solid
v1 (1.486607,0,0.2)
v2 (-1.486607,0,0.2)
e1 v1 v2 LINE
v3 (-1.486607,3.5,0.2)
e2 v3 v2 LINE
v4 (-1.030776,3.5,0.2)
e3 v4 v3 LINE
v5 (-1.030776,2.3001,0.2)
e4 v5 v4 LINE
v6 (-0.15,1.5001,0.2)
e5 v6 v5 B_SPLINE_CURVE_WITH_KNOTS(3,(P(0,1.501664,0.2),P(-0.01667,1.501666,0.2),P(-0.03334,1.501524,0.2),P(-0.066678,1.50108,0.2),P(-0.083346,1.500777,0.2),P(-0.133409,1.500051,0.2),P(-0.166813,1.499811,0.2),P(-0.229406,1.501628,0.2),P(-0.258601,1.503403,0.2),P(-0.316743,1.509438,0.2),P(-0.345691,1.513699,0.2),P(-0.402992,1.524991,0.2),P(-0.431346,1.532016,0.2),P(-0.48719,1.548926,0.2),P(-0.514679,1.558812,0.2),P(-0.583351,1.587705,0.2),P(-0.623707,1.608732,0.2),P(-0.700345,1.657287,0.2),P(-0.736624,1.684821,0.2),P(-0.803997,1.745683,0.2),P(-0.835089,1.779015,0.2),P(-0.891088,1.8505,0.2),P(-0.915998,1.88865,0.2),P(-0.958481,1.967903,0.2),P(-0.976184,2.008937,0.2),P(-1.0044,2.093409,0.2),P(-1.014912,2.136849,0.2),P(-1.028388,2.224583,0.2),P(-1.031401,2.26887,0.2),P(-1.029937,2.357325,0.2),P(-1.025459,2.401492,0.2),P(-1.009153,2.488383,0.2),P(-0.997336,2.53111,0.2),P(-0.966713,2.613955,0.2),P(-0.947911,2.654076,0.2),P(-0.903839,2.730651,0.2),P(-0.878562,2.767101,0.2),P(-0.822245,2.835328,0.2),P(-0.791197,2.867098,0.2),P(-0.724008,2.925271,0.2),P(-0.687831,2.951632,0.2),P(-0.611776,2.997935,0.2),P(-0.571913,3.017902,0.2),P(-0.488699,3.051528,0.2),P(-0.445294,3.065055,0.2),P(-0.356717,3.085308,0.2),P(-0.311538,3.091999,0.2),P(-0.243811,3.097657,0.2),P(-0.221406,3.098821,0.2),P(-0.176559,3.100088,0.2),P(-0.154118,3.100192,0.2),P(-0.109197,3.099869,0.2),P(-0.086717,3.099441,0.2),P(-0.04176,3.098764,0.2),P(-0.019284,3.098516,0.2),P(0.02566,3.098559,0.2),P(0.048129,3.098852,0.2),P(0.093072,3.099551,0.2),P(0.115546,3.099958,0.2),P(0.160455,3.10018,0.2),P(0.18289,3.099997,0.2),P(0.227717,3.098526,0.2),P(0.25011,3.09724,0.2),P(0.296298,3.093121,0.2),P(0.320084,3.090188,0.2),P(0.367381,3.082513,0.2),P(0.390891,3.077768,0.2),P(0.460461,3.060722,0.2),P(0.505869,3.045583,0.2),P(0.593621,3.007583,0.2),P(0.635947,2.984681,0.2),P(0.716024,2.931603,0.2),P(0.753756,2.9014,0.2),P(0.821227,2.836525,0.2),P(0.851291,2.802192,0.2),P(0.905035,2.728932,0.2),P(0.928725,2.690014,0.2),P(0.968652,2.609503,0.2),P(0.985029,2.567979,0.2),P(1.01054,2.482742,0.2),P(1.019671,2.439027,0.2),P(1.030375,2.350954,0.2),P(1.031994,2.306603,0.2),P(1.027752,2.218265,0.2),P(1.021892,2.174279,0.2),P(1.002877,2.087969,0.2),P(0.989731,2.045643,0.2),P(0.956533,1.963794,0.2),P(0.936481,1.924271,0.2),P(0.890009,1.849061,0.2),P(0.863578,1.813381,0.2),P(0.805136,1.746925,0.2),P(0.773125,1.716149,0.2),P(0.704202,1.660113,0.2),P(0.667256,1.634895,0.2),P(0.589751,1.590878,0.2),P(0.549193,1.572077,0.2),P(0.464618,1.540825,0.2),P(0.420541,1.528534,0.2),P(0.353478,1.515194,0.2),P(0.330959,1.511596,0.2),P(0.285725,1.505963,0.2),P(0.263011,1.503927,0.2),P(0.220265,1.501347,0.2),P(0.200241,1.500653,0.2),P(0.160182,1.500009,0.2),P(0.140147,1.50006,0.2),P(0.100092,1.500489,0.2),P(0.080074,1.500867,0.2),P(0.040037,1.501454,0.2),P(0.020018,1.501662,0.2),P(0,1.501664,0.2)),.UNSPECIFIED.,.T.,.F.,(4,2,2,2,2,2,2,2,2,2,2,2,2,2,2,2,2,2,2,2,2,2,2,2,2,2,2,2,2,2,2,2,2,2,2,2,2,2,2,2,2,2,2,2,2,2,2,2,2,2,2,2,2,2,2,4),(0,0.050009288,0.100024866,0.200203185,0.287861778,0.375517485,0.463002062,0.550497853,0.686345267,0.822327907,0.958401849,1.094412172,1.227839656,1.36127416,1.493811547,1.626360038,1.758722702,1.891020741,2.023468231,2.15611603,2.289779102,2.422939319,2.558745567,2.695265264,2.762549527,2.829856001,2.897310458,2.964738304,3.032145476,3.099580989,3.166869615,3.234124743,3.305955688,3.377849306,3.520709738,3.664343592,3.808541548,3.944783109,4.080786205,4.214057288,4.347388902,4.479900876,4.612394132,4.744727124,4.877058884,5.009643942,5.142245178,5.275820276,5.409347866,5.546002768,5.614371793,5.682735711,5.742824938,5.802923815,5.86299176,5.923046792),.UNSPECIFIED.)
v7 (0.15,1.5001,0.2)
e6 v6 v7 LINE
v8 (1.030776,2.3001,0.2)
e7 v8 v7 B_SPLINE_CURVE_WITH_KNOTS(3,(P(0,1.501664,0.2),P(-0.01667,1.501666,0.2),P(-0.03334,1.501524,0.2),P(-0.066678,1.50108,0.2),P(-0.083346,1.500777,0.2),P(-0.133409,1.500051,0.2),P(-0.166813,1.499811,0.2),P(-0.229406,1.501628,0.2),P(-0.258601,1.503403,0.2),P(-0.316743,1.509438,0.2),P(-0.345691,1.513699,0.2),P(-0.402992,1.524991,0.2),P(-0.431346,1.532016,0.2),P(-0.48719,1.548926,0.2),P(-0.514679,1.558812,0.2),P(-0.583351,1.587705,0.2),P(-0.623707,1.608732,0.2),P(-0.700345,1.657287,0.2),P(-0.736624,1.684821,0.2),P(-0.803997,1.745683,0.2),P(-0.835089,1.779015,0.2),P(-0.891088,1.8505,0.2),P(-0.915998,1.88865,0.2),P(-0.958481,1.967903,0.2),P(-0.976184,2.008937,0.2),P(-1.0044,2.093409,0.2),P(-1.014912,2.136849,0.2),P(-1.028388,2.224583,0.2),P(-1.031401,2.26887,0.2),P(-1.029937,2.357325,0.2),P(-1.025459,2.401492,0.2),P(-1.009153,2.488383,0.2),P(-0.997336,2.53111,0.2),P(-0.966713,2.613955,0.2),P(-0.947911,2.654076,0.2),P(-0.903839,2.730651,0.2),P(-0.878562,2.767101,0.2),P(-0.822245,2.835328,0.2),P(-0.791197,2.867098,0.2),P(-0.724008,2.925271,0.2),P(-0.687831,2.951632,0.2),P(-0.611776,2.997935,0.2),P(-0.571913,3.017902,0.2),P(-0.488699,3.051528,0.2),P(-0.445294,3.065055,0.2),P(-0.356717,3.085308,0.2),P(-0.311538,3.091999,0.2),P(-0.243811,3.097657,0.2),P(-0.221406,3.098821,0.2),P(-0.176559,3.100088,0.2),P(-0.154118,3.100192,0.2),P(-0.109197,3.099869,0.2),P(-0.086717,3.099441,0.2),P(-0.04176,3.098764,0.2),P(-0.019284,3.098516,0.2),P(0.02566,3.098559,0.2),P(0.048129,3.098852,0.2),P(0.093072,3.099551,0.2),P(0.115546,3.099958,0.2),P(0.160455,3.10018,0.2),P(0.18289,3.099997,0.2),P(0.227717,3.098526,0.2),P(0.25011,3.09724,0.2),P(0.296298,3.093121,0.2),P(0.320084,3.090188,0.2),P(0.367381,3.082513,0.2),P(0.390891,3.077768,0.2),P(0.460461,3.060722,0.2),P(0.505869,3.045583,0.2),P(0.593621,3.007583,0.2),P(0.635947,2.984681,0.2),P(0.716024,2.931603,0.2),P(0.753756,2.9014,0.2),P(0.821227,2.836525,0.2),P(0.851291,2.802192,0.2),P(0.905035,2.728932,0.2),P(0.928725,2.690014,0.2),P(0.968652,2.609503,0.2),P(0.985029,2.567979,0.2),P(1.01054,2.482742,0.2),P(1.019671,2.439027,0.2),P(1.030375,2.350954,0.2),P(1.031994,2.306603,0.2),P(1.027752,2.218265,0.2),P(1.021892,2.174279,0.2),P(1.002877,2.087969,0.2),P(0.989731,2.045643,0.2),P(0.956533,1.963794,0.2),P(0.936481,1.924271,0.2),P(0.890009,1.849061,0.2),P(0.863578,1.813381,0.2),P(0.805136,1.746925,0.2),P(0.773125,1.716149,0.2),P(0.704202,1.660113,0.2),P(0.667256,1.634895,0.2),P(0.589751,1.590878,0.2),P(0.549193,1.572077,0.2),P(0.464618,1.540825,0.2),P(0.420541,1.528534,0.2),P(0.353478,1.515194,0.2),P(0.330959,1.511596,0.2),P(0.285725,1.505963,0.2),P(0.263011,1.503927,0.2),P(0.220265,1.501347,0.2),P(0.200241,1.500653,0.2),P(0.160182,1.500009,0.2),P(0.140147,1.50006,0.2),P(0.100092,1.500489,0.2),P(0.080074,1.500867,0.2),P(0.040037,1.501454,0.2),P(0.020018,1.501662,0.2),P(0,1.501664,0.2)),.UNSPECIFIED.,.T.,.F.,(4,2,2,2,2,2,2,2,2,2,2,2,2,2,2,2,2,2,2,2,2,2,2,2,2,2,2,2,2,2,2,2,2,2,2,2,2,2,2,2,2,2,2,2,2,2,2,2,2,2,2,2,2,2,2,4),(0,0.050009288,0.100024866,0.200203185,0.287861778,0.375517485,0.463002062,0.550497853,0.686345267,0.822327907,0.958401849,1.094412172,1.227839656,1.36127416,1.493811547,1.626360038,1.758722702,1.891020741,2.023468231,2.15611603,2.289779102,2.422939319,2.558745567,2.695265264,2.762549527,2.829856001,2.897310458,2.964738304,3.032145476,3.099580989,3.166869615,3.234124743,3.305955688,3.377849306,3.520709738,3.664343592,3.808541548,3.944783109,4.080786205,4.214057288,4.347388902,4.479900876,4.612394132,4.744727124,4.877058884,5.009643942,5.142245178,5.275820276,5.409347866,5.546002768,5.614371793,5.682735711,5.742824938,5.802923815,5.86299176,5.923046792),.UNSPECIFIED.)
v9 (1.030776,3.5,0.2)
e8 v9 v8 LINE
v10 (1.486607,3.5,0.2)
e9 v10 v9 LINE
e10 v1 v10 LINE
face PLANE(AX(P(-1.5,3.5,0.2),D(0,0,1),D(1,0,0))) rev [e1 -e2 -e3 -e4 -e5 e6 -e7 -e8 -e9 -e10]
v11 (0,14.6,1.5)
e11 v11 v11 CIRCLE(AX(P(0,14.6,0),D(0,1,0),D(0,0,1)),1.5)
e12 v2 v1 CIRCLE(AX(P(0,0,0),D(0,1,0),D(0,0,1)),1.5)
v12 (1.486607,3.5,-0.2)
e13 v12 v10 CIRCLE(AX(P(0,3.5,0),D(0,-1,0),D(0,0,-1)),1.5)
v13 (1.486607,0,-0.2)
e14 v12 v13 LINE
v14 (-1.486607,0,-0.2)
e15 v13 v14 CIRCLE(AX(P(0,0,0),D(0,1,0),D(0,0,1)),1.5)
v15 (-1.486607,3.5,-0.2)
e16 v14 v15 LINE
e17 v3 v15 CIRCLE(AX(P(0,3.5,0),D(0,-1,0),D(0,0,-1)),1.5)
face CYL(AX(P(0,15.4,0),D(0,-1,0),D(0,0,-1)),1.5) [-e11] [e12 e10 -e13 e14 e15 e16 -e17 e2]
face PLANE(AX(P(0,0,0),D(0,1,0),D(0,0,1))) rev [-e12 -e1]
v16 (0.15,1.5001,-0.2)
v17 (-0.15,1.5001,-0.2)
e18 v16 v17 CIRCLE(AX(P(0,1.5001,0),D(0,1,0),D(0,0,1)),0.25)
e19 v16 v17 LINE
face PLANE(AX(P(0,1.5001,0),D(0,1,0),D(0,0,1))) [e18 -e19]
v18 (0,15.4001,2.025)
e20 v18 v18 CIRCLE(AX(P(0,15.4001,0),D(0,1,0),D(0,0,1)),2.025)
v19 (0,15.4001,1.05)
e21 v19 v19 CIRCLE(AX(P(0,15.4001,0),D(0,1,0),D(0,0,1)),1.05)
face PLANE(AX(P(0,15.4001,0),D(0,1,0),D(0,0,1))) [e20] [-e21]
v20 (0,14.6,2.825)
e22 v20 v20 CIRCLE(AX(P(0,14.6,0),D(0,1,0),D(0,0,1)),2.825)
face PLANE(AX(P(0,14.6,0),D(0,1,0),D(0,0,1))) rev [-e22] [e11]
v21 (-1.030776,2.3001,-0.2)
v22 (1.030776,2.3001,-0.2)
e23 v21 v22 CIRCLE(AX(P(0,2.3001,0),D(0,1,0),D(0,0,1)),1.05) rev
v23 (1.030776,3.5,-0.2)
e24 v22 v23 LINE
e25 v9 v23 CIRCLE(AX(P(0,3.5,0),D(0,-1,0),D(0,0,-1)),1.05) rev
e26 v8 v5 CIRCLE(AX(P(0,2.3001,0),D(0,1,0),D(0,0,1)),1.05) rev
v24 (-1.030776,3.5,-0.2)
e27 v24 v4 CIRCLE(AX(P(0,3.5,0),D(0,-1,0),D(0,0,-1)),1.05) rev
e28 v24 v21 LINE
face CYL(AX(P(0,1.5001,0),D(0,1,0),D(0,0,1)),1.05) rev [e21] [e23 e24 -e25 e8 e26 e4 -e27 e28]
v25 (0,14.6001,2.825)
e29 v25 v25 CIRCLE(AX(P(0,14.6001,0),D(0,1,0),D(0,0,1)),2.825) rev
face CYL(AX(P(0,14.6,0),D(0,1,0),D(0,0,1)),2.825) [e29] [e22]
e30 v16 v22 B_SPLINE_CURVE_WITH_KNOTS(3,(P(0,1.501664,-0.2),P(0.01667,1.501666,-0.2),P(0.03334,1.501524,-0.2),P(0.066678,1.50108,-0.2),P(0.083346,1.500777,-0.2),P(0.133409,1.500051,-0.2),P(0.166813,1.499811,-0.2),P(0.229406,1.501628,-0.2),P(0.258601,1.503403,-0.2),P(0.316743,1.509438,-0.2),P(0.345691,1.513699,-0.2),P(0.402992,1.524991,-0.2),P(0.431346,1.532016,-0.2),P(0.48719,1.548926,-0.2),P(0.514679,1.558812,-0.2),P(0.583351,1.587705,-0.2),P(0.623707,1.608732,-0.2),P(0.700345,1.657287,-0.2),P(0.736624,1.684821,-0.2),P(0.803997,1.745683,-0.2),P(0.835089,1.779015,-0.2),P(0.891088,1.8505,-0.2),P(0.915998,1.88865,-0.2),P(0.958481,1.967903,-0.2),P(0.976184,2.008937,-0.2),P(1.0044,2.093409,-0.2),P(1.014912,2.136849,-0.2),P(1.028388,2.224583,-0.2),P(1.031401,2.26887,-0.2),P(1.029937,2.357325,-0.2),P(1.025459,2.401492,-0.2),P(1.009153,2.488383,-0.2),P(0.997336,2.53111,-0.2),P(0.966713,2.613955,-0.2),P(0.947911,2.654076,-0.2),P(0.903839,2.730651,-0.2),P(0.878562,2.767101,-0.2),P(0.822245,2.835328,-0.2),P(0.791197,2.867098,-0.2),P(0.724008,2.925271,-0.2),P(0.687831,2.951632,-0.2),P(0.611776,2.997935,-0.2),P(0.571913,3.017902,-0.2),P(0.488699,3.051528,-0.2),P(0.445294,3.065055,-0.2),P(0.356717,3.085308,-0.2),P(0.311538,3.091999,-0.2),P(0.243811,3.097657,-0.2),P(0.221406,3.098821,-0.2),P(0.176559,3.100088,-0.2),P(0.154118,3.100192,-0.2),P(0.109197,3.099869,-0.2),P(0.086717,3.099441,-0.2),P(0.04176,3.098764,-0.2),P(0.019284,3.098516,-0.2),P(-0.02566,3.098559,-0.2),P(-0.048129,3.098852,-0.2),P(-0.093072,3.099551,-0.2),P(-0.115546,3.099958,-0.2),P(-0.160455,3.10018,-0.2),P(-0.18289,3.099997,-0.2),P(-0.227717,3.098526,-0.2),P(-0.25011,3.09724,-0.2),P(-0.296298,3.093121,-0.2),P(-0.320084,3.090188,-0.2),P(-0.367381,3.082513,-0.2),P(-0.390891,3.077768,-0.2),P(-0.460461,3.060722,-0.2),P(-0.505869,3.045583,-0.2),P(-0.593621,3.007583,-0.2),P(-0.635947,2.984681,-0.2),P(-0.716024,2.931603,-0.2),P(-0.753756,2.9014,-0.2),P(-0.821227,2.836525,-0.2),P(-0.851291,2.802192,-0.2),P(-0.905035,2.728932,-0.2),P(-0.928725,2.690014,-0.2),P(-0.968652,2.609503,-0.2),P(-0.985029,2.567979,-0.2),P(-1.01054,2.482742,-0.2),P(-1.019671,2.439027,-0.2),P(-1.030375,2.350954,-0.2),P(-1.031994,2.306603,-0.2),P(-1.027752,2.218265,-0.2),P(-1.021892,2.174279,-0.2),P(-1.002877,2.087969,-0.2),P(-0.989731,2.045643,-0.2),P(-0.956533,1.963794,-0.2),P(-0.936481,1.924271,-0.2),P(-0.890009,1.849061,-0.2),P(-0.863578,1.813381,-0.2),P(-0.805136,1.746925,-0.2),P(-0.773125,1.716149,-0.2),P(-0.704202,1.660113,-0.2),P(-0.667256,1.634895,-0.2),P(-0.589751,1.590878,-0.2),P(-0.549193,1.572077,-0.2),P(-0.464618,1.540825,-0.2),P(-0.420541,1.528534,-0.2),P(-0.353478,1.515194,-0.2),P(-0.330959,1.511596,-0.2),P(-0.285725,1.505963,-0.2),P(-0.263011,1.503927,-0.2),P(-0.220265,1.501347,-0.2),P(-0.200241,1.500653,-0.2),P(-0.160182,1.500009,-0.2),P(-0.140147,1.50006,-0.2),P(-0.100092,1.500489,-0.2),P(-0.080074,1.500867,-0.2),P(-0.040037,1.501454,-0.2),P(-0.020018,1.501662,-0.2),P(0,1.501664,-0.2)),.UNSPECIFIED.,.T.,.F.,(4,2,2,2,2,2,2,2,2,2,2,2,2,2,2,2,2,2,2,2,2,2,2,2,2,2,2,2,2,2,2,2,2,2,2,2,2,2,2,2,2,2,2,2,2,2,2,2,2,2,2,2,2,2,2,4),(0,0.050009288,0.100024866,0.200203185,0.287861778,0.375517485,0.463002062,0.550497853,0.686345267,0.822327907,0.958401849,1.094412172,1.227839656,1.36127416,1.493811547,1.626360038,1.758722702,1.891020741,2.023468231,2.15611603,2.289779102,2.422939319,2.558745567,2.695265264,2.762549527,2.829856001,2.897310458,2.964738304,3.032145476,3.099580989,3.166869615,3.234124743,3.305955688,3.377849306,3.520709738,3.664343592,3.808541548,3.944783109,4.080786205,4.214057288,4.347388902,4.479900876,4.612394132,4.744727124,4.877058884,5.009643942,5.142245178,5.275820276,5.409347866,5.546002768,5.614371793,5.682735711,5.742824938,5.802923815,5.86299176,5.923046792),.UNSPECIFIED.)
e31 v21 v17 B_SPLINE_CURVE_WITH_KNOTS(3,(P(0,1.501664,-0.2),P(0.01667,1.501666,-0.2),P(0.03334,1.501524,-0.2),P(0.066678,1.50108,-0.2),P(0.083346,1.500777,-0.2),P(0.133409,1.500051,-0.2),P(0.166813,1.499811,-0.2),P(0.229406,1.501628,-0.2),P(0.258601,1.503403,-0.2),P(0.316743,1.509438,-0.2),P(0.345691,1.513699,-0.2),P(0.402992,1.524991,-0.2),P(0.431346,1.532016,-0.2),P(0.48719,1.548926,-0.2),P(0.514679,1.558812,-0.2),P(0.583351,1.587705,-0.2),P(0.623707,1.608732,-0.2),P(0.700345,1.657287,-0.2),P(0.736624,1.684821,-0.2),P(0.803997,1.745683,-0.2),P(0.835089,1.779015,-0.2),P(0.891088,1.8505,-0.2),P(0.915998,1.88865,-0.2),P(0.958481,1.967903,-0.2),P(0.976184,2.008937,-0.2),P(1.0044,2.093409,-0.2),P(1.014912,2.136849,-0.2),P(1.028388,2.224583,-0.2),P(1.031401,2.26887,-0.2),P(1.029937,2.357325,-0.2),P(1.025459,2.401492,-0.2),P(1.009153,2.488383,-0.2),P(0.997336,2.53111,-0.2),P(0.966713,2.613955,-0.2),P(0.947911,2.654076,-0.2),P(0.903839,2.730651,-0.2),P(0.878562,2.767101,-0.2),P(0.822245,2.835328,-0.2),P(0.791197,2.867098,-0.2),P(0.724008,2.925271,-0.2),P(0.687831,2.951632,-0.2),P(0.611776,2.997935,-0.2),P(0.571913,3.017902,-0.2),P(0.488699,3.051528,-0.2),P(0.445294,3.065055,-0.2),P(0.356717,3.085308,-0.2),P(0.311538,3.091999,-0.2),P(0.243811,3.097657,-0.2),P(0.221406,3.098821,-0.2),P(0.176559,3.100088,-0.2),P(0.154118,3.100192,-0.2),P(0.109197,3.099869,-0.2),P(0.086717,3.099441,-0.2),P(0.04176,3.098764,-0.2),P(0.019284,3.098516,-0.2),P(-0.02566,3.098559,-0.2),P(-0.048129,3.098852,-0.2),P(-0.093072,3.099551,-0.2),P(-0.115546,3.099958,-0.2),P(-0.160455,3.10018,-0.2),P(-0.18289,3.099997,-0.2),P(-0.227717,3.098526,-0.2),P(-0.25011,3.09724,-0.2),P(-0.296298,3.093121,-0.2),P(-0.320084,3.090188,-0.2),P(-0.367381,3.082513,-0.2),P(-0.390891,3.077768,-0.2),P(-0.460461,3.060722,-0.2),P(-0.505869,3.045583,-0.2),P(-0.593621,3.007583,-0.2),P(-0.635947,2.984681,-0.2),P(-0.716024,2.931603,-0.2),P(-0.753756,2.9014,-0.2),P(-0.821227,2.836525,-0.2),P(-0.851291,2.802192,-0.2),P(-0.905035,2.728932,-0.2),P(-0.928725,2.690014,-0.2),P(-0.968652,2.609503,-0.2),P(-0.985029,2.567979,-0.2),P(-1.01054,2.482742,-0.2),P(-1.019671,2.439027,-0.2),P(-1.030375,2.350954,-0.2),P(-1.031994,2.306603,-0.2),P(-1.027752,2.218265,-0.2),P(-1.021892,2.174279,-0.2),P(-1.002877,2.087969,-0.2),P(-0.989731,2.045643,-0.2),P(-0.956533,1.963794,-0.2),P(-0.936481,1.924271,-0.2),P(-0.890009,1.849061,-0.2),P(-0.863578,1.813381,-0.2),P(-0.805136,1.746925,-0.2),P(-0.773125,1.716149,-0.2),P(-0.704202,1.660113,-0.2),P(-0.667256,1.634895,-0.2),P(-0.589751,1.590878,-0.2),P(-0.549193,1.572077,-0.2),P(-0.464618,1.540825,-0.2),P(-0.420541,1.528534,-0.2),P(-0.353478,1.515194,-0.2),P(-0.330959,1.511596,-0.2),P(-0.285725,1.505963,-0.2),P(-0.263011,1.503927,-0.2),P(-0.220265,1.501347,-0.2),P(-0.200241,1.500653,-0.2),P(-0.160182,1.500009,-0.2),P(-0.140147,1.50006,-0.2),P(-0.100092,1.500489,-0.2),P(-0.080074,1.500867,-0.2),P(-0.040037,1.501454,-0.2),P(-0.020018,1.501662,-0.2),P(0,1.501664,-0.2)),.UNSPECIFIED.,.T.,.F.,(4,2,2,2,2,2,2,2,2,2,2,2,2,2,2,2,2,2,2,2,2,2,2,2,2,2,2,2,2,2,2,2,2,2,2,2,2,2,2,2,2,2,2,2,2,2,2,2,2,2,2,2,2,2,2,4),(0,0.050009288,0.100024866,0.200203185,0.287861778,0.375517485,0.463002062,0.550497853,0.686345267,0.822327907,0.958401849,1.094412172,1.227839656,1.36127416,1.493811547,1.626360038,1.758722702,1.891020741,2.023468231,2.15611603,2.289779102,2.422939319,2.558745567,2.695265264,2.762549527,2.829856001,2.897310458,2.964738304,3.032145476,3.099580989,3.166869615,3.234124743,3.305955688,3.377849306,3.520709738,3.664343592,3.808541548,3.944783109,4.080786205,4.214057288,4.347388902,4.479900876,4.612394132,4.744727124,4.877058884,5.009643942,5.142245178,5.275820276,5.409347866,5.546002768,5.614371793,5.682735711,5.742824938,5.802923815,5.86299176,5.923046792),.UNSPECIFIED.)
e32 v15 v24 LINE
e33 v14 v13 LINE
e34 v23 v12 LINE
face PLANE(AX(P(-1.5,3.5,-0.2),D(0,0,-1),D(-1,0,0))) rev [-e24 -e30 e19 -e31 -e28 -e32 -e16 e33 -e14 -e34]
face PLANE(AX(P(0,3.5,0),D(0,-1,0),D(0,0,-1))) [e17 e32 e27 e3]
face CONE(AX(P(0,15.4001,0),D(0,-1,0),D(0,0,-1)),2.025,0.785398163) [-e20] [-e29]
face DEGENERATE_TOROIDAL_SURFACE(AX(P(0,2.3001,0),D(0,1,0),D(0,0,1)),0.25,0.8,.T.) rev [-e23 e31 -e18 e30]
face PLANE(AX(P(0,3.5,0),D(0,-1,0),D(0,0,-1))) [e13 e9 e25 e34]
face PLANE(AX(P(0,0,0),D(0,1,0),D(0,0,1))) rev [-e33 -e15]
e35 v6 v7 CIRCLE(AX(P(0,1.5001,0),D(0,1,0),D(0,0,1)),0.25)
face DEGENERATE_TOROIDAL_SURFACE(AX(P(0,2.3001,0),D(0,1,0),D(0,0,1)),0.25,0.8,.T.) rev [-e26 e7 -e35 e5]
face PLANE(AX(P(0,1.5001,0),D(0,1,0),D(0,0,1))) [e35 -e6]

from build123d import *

# Parameters (mm, degrees)
CROQUIS1_R                   = 1.5
SALIENTE_EXTRUIR1_DEPTH      = 15.4
SALIENTE_EXTRUIR2_DEPTH      = 0.0001
SALIENTE_EXTRUIR2_DEPTH_BACK = 0.8
CROQUIS2_R                   = 2.825
CHAFL_N1_SIZE                = 0.8
CROQUIS3_R                   = 1.05
CORTAR_EXTRUIR1_DEPTH        = 13.9
REDONDEO2_R                  = 0.8
CROQUIS6_W                   = 3
CROQUIS6_H                   = 0.4
CORTAR_EXTRUIR4_DEPTH        = 3.5


with BuildPart() as part:
    # Croquis1 → Saliente-Extruir1 (new body)
    with BuildSketch(Plane(origin=(0, 0, 0), x_dir=(1, 0, 0), z_dir=(0, 1, 0))):
        with Locations(Location((0, 0, 0), (0, 0, 90))):
            Circle(CROQUIS1_R)
    extrude(amount=SALIENTE_EXTRUIR1_DEPTH)

    # Croquis2 → Saliente-Extruir2 (add, two sides: drawn at the far end of the back side and taken through both)
    with BuildSketch(Plane(origin=(0, 15.4, 0), x_dir=(1, 0, 0), z_dir=(0, 1, 0)).offset(-SALIENTE_EXTRUIR2_DEPTH_BACK)):
        with Locations(Location((0, 0, 0), (0, 0, 270))):
            Circle(CROQUIS2_R)
    extrude(amount=SALIENTE_EXTRUIR2_DEPTH + SALIENTE_EXTRUIR2_DEPTH_BACK)

    # Chaflán1
    chafl_n1_edges = [part.edges().sort_by_distance(p)[0] for p in [
        (0, 15.4001, -2.825),
    ]]
    chamfer(chafl_n1_edges, length=CHAFL_N1_SIZE)

    # Croquis3 → Cortar-Extruir1 (cut)
    with BuildSketch(Plane(origin=(0, 15.4001, 0), x_dir=(1, 0, 0), z_dir=(0, 1, 0))):
        with Locations(Location((0, 0, 0), (0, 0, 270))):
            Circle(CROQUIS3_R)
    extrude(amount=-CORTAR_EXTRUIR1_DEPTH, mode=Mode.SUBTRACT)

    # Redondeo2
    redondeo2_edges = [part.edges().sort_by_distance(p)[0] for p in [
        (0, 1.5001, -1.05),
    ]]
    fillet(redondeo2_edges, radius=REDONDEO2_R)

    # Croquis6 → Cortar-Extruir4 (cut)
    with BuildSketch(Plane(origin=(0, 0, 0), x_dir=(-1, 0, 0), z_dir=(0, -1, 0))):
        Rectangle(CROQUIS6_W, CROQUIS6_H)
    extrude(amount=-CORTAR_EXTRUIR4_DEPTH, mode=Mode.SUBTRACT)


solid = part.part
